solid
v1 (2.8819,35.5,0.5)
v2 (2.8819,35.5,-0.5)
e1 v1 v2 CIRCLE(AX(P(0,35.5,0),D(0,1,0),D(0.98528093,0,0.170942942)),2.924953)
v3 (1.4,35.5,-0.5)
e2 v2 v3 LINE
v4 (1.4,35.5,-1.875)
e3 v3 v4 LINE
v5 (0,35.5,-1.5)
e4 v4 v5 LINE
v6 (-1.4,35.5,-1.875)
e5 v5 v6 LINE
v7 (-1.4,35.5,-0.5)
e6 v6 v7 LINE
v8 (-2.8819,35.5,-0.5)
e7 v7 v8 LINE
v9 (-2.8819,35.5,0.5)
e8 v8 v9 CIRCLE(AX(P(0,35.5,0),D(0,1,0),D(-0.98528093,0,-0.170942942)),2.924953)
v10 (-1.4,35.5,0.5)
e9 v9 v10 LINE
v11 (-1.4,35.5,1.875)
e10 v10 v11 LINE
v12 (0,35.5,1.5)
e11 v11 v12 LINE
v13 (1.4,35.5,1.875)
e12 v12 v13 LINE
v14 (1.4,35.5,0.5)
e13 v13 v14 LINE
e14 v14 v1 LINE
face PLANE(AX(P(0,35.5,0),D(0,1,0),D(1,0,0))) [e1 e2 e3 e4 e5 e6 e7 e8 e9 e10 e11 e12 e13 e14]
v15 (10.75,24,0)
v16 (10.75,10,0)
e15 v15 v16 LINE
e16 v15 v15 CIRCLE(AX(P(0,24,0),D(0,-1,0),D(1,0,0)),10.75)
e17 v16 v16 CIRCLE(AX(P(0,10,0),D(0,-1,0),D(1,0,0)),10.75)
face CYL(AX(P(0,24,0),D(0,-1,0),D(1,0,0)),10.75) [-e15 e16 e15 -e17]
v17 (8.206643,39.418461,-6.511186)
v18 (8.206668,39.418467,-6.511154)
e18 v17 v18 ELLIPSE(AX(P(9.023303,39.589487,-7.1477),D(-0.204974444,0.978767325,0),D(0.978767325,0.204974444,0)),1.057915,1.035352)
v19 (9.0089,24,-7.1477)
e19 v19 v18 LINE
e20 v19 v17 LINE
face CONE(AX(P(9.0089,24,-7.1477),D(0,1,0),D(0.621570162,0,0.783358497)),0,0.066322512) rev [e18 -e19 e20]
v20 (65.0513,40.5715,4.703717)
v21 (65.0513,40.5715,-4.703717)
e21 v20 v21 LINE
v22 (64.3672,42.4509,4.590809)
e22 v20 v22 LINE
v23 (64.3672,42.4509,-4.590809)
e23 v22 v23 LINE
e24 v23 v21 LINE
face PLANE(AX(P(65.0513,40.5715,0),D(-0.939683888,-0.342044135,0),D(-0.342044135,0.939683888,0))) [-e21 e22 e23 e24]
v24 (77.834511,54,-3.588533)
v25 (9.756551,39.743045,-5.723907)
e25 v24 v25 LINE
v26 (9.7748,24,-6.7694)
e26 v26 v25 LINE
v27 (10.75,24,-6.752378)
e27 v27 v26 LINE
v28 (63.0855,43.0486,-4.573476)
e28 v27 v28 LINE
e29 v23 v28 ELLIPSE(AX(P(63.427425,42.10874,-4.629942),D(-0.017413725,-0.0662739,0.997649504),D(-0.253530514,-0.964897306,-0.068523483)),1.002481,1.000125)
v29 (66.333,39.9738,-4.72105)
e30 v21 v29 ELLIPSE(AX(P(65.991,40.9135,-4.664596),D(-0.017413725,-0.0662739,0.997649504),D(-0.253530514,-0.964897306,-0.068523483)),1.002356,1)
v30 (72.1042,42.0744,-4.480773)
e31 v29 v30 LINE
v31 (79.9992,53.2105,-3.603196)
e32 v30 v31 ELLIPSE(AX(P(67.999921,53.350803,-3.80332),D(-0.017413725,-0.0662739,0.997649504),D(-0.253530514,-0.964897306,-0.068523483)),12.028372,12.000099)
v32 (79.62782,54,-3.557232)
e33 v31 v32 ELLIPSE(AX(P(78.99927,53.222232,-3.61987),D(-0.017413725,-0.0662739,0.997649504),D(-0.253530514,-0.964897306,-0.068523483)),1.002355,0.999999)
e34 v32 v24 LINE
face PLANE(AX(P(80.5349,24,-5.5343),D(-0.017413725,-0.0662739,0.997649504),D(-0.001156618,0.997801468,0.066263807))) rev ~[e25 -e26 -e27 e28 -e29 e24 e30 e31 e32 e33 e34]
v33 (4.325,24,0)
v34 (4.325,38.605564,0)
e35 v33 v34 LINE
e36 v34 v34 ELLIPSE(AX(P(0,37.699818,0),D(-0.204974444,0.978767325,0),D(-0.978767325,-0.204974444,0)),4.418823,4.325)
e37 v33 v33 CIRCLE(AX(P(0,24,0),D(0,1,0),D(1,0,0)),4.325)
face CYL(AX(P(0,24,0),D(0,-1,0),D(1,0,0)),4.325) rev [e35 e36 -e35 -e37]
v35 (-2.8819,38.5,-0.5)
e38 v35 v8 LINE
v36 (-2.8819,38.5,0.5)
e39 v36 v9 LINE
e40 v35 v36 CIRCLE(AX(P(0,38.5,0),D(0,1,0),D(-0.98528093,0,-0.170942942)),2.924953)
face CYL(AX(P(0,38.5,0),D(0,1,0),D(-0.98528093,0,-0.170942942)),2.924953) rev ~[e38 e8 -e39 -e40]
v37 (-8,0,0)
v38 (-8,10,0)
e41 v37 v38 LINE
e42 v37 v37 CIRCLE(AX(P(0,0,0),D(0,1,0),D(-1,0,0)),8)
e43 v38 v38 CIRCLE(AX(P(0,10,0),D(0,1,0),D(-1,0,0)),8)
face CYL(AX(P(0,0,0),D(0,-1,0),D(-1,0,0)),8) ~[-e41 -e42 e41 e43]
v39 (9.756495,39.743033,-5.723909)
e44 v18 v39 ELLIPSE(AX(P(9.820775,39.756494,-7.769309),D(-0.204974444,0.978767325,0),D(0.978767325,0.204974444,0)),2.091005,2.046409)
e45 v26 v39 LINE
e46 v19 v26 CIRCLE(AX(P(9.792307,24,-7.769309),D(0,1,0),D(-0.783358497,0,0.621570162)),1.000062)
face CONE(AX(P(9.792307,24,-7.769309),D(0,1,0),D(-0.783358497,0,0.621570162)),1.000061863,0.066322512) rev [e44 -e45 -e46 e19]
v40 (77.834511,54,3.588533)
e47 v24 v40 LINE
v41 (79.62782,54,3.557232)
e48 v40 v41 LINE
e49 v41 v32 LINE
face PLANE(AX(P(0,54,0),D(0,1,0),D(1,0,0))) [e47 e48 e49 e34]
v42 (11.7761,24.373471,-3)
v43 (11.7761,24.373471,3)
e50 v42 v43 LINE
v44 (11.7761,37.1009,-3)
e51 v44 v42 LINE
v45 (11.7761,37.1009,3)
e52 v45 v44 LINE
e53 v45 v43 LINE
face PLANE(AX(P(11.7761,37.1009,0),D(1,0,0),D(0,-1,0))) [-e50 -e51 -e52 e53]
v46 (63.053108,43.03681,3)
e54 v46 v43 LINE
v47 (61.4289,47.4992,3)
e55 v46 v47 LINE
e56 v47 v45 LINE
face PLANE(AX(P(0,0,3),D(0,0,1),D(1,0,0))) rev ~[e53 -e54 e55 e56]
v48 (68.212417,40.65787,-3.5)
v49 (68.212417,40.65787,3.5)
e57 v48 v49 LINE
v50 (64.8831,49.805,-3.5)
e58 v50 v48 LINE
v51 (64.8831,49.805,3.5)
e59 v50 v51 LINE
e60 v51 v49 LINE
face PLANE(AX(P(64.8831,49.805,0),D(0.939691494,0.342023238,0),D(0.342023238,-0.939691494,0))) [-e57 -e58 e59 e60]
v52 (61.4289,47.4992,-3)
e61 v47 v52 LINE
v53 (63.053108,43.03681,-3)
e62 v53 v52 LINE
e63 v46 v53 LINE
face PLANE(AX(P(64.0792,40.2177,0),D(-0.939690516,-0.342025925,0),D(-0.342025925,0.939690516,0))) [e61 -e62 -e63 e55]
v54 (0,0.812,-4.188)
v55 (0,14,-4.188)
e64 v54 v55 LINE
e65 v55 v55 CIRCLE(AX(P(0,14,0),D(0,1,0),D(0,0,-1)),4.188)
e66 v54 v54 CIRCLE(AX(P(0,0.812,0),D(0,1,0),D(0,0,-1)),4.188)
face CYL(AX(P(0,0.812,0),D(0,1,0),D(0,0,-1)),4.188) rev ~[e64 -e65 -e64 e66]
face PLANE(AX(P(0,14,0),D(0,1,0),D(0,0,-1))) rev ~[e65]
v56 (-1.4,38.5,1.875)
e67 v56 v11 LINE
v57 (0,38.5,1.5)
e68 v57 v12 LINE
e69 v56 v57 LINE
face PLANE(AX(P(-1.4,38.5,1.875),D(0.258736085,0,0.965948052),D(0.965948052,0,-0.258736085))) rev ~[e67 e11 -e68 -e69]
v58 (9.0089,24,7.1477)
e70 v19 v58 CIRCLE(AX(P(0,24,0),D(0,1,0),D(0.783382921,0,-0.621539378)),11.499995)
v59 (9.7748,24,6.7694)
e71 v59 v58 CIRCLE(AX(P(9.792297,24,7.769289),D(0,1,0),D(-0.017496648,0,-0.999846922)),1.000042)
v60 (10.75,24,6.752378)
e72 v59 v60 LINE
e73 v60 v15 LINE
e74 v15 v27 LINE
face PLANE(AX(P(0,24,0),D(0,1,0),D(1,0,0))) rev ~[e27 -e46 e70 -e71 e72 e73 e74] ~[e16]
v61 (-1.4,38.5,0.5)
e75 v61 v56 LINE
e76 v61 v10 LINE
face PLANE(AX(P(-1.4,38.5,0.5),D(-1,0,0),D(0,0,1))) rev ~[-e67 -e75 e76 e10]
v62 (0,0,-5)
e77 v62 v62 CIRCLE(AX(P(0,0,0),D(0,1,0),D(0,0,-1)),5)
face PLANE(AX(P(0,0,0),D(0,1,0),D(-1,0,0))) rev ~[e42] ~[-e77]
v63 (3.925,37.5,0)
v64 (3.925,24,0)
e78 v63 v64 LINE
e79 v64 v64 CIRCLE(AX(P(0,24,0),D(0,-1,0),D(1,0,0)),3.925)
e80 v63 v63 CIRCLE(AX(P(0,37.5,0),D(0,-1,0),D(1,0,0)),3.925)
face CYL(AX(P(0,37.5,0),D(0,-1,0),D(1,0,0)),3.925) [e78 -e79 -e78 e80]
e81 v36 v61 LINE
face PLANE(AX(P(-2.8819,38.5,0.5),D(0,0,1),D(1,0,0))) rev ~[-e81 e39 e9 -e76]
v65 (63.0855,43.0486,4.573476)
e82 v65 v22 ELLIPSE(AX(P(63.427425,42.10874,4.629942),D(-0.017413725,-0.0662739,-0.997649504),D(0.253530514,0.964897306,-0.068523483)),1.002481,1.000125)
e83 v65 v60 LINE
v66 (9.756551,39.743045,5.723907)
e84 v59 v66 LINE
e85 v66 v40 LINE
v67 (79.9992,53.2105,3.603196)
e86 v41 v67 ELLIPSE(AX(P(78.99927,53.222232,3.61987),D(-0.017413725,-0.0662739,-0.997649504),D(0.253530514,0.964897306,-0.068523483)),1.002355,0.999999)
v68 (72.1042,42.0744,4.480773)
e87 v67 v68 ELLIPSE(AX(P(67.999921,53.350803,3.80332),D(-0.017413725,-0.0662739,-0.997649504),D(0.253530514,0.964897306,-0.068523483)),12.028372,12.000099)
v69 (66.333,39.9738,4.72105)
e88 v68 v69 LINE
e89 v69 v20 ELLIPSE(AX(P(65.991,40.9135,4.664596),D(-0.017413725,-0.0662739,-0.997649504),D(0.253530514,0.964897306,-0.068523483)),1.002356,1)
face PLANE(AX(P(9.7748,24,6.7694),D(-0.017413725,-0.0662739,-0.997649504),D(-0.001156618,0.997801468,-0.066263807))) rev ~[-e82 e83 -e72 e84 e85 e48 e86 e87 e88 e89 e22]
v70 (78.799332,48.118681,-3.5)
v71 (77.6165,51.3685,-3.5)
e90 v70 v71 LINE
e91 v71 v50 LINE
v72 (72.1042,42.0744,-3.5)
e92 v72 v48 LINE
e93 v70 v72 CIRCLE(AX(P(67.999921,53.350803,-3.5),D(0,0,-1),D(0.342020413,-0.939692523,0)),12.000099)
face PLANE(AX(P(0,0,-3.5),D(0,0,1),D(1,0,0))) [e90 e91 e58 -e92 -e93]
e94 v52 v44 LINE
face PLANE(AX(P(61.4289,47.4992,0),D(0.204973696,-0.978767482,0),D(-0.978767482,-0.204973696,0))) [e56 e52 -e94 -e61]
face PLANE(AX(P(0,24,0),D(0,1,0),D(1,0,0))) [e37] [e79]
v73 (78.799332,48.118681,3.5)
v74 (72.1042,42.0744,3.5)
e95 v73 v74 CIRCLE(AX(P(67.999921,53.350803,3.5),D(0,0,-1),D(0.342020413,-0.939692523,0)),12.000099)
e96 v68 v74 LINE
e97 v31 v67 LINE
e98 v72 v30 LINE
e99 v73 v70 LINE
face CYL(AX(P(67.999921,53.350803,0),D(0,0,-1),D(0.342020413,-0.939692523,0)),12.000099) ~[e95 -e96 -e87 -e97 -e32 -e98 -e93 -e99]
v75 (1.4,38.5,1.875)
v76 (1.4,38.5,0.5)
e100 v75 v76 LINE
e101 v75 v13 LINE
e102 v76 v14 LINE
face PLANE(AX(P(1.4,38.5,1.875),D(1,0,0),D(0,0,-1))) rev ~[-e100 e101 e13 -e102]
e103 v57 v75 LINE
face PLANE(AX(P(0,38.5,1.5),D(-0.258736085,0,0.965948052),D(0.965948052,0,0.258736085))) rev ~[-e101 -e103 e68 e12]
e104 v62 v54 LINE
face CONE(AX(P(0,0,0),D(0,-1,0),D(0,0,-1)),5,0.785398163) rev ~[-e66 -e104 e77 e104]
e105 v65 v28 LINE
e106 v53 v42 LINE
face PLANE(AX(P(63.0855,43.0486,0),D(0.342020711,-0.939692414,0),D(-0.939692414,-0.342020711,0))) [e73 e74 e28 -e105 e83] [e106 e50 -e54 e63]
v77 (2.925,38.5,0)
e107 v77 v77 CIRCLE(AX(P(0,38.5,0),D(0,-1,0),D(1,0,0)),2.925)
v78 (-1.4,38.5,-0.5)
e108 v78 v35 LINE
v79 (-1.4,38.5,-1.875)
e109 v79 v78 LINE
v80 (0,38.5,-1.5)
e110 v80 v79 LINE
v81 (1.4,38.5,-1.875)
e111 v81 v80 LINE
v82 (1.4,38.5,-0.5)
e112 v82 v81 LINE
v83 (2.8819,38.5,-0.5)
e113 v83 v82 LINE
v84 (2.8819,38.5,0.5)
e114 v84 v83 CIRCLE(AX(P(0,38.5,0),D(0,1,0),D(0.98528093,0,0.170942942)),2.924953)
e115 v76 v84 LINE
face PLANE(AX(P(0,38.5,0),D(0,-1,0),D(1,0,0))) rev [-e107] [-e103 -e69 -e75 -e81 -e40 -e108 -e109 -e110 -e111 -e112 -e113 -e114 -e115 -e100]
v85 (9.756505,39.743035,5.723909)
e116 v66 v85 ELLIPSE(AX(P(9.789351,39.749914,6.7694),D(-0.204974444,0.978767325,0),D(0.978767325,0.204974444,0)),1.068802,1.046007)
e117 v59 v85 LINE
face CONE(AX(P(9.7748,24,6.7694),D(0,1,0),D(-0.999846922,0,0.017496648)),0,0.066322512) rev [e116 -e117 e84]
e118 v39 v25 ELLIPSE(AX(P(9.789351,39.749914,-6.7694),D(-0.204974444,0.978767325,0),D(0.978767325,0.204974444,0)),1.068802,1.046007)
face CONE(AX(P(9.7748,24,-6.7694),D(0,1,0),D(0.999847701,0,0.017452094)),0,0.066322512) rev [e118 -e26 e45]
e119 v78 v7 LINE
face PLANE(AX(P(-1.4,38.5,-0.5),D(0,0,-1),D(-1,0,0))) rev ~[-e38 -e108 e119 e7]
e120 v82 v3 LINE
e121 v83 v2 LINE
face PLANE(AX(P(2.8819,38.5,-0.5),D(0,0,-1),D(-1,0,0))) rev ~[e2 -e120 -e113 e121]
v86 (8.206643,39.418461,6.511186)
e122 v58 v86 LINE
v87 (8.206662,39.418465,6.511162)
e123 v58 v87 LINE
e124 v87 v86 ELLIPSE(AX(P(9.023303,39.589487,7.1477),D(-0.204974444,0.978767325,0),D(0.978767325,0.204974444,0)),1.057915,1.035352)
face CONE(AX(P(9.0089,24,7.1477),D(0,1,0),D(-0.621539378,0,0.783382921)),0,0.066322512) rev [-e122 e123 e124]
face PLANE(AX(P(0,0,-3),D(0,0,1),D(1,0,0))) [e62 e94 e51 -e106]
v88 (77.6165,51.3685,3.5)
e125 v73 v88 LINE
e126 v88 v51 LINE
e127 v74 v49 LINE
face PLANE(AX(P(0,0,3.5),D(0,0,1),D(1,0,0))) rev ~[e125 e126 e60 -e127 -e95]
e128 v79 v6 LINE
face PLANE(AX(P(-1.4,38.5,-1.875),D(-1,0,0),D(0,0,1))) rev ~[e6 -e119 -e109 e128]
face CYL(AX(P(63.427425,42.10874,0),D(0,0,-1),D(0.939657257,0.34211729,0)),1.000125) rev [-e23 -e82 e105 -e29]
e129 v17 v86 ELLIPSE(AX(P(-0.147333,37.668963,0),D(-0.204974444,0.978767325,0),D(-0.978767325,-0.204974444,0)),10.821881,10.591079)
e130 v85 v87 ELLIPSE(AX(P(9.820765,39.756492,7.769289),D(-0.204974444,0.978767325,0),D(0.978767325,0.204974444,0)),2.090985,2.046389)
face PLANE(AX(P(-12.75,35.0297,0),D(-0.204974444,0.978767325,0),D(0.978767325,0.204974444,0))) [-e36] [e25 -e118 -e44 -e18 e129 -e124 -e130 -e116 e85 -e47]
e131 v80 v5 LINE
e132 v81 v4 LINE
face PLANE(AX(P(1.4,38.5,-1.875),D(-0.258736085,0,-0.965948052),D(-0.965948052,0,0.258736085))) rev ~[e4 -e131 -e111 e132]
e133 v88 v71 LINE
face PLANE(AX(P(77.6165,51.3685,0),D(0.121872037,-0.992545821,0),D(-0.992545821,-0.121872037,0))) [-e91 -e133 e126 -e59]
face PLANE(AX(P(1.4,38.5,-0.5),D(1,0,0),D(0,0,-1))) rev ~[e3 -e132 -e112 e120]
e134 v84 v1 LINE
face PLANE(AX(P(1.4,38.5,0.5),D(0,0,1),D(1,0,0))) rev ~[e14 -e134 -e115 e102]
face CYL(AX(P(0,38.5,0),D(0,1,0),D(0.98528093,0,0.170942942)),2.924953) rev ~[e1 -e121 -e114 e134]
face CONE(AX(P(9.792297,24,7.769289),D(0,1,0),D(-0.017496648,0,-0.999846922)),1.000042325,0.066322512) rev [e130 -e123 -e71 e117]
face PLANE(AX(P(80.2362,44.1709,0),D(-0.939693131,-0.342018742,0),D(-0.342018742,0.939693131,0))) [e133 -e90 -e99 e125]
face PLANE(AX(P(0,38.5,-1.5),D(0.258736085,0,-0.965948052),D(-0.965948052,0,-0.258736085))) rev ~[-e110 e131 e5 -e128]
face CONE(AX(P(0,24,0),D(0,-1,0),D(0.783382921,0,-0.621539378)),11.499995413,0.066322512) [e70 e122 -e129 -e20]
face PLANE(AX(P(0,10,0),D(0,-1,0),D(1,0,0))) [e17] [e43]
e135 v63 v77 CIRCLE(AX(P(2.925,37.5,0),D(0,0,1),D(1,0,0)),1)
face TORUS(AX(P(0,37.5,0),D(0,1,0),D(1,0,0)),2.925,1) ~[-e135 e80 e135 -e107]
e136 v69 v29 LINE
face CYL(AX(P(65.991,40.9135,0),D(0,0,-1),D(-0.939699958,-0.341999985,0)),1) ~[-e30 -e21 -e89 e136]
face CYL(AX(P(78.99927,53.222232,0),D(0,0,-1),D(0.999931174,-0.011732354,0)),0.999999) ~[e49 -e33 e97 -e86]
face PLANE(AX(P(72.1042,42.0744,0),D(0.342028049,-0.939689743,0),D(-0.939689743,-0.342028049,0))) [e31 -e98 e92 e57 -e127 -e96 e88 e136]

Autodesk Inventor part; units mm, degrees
sketch "Skizze_1" plane through (0, 0, 0) normal (0, 0, 1) x (1, 0, 0)
  line L0 (0, 10) -> (0, 24)
  line L1 (0, 24) -> (10.75, 24)
  line L2 (10.75, 24) -> (10.75, 10)
  line L3 (10.75, 10) -> (0, 10)
  line L4 (0, 10) -> (0, 24)
revolve "Revolution1" add sketch "Skizze_1" angle 360 about axis through (0, 10, 0) along (0, -1, 0)
sketch "Skizze_2" plane through (0, 0, 0) normal (0, 0, 1) x (1, 0, 0)
  line L0 (0, 37.5) -> (0, 24)
  line L1 (0, 24) -> (-10.9041, 24)
  arc A0 (-11.3965, 24.5868) -> (-10.9041, 24) centre (-10.9041, 24.5) ccw
  line L2 (-11.3965, 24.5868) -> (-10.3942, 30.2711)
  arc A1 (-6.7643, 34.2325) -> (-10.3942, 30.2711) centre (-5.4702, 29.4029) ccw
  line L3 (-6.7643, 34.2325) -> (-3.9, 35)
  line L4 (-3.9, 35) -> (-3.9, 37.5)
  line L5 (-3.9, 37.5) -> (0, 37.5)
  line L6 (0, 37.5) -> (0, 24)
revolve "Revolution2" add sketch "Skizze_2" angle 360 about axis through (0, 37.5, 0) along (0, 1, 0)
sketch "Skizze_4" plane through (0, 24, 0) normal (0, 1, 0) x (1, 0, 0)
  arc A0 (9.0089, 7.1477) -> (9.0089, -7.1477) centre (0, 0) ccw
  arc A1 (9.7748, -6.7694) -> (9.0089, -7.1477) centre (9.7923, -7.7693) ccw
  line L0 (9.7748, -6.7694) -> (80.5349, -5.5343)
  arc A2 (80.5349, -5.5343) -> (82.5, -3.5346) centre (80.5, -3.5346) ccw
  line L1 (82.5, -3.5346) -> (82.5, 3.5346)
  arc A3 (82.5, 3.5346) -> (80.5349, 5.5343) centre (80.5, 3.5346) ccw
  line L2 (80.5349, 5.5343) -> (9.7748, 6.7694)
  arc A4 (9.0089, 7.1477) -> (9.7748, 6.7694) centre (9.7923, 7.7693) ccw
extrude "Extrusion1" add sketch "Skizze_4" along normal blind 30 draft -3.8
sketch "Skizze_3" plane through (0, 0, 0) normal (0, 0, 1) x (1, 0, 0)
  line L0 (-12.75, 35.0297) -> (78.7943, 54.201)
  arc A0 (79.9992, 53.2105) -> (78.7943, 54.201) centre (78.9992, 53.2222) ccw
  arc A1 (72.1042, 42.0744) -> (79.9992, 53.2105) centre (68, 53.3507) ccw
  line L1 (72.1042, 42.0744) -> (66.333, 39.9738)
  arc A2 (65.0513, 40.5715) -> (66.333, 39.9738) centre (65.991, 40.9135) ccw
  line L2 (65.0513, 40.5715) -> (64.3672, 42.4509)
  arc A3 (64.3672, 42.4509) -> (63.0855, 43.0486) centre (63.4276, 42.1089) ccw
  line L3 (63.0855, 43.0486) -> (10.75, 24)
  line L4 (10.75, 24) -> (10.75, 0)
  line L5 (10.75, 0) -> (83, 0)
  line L6 (83, 0) -> (83, 73)
  line L7 (83, 73) -> (-12.75, 73)
  line L8 (-12.75, 73) -> (-12.75, 35.0297)
extrude "Extrusion2" cut sketch "Skizze_3" along normal mid plane 50
sketch "Skizze_5" plane through (0, 24, 0) normal (0, 1, 0) x (1, 0, 0)
  circle A0 centre (0, 0) radius 4.325
extrude "Extrusion3" cut sketch "Skizze_5" along normal blind 25
sketch "Skizze_6" plane through (0, 0, 0) normal (0, 0, 1) x (1, 0, 0)
  line L0 (0, 24) -> (0, 38.5)
  line L1 (0, 38.5) -> (2.925, 38.5)
  arc A0 (3.925, 37.5) -> (2.925, 38.5) centre (2.925, 37.5) ccw
  line L2 (3.925, 37.5) -> (3.925, 24)
  line L3 (3.925, 24) -> (0, 24)
  line L4 (0, 24) -> (0, 38.5)
revolve "Revolution3" add sketch "Skizze_6" angle 360 about axis through (0, 24, 0) along (0, -1, 0)
sketch "Skizze_7" plane through (0, 38.5, 0) normal (0, 1, 0) x (1, 0, 0)
  arc A0 (-2.8819, 0.5) -> (-2.8819, -0.5) centre (0, 0) ccw
  line L0 (-2.8819, -0.5) -> (-1.4, -0.5)
  line L1 (-1.4, -0.5) -> (-1.4, -1.875)
  line L2 (-1.4, -1.875) -> (0, -1.5)
  line L3 (0, -1.5) -> (1.4, -1.875)
  line L4 (1.4, -1.875) -> (1.4, -0.5)
  line L5 (1.4, -0.5) -> (2.8819, -0.5)
  arc A1 (2.8819, -0.5) -> (2.8819, 0.5) centre (0, 0) ccw
  line L6 (2.8819, 0.5) -> (1.4, 0.5)
  line L7 (1.4, 0.5) -> (1.4, 1.875)
  line L8 (1.4, 1.875) -> (0, 1.5)
  line L9 (0, 1.5) -> (-1.4, 1.875)
  line L10 (-1.4, 1.875) -> (-1.4, 0.5)
  line L11 (-1.4, 0.5) -> (-2.8819, 0.5)
extrude "Extrusion4" cut sketch "Skizze_7" against normal blind 3
sketch "Skizze_12" plane through (0, 0, 0) normal (0, 0, 1) x (1, 0, 0)
  line L0 (64.8831, 49.805) -> (68.4899, 39.8955)
  line L1 (68.4899, 39.8955) -> (80.2362, 44.1709)
  line L2 (80.2362, 44.1709) -> (77.6165, 51.3685)
  line L3 (77.6165, 51.3685) -> (64.8831, 49.805)
extrude "Extrusion5" cut sketch "Skizze_12" along normal mid plane 7
sketch "Skizze_13" plane through (0, 0, 0) normal (0, 0, 1) x (1, 0, 0)
  line L0 (11.7761, 21.1809) -> (64.0792, 40.2177)
  line L1 (64.0792, 40.2177) -> (61.4289, 47.4992)
  line L2 (61.4289, 47.4992) -> (11.7761, 37.1009)
  line L3 (11.7761, 37.1009) -> (11.7761, 21.1809)
extrude "Extrusion6" cut sketch "Skizze_13" along normal mid plane 6
sketch "Skizze_14" plane through (0, 0, 0) normal (0, 1, 0) x (-1, 0, 0)
  circle A0 centre (0, 0) radius 8
extrude "Extrusion7" add sketch "Skizze_14" along normal blind 10
sketch "Sketch11" plane through (0, 0, 0) normal (0, -1, 0) x (1, 0, 0)
  point P0 (0, 0)
hole "Drilling 2" at (0, 0, 0) direction (0, 1, 0) diameter 8.376 depth 14 countersink diameter 10 countersink angle 90 thread size "M10x1.5" class "6H" standard "ISO Metric profile"
ref_plane "fluegel_XY" through (0, 0, 0) normal (0, 1, 0) x (1, 0, 0)
ref_plane "fluegel_YZ" through (0, 0, 0) normal (1, 0, 0) x (0, 0, -1)
ref_plane "fluegel_ZX" through (0, 0, 0) normal (0, 0, -1) x (0, 1, 0)
properties part number "May Tec 1.63.14041_Clamping lever 80"
